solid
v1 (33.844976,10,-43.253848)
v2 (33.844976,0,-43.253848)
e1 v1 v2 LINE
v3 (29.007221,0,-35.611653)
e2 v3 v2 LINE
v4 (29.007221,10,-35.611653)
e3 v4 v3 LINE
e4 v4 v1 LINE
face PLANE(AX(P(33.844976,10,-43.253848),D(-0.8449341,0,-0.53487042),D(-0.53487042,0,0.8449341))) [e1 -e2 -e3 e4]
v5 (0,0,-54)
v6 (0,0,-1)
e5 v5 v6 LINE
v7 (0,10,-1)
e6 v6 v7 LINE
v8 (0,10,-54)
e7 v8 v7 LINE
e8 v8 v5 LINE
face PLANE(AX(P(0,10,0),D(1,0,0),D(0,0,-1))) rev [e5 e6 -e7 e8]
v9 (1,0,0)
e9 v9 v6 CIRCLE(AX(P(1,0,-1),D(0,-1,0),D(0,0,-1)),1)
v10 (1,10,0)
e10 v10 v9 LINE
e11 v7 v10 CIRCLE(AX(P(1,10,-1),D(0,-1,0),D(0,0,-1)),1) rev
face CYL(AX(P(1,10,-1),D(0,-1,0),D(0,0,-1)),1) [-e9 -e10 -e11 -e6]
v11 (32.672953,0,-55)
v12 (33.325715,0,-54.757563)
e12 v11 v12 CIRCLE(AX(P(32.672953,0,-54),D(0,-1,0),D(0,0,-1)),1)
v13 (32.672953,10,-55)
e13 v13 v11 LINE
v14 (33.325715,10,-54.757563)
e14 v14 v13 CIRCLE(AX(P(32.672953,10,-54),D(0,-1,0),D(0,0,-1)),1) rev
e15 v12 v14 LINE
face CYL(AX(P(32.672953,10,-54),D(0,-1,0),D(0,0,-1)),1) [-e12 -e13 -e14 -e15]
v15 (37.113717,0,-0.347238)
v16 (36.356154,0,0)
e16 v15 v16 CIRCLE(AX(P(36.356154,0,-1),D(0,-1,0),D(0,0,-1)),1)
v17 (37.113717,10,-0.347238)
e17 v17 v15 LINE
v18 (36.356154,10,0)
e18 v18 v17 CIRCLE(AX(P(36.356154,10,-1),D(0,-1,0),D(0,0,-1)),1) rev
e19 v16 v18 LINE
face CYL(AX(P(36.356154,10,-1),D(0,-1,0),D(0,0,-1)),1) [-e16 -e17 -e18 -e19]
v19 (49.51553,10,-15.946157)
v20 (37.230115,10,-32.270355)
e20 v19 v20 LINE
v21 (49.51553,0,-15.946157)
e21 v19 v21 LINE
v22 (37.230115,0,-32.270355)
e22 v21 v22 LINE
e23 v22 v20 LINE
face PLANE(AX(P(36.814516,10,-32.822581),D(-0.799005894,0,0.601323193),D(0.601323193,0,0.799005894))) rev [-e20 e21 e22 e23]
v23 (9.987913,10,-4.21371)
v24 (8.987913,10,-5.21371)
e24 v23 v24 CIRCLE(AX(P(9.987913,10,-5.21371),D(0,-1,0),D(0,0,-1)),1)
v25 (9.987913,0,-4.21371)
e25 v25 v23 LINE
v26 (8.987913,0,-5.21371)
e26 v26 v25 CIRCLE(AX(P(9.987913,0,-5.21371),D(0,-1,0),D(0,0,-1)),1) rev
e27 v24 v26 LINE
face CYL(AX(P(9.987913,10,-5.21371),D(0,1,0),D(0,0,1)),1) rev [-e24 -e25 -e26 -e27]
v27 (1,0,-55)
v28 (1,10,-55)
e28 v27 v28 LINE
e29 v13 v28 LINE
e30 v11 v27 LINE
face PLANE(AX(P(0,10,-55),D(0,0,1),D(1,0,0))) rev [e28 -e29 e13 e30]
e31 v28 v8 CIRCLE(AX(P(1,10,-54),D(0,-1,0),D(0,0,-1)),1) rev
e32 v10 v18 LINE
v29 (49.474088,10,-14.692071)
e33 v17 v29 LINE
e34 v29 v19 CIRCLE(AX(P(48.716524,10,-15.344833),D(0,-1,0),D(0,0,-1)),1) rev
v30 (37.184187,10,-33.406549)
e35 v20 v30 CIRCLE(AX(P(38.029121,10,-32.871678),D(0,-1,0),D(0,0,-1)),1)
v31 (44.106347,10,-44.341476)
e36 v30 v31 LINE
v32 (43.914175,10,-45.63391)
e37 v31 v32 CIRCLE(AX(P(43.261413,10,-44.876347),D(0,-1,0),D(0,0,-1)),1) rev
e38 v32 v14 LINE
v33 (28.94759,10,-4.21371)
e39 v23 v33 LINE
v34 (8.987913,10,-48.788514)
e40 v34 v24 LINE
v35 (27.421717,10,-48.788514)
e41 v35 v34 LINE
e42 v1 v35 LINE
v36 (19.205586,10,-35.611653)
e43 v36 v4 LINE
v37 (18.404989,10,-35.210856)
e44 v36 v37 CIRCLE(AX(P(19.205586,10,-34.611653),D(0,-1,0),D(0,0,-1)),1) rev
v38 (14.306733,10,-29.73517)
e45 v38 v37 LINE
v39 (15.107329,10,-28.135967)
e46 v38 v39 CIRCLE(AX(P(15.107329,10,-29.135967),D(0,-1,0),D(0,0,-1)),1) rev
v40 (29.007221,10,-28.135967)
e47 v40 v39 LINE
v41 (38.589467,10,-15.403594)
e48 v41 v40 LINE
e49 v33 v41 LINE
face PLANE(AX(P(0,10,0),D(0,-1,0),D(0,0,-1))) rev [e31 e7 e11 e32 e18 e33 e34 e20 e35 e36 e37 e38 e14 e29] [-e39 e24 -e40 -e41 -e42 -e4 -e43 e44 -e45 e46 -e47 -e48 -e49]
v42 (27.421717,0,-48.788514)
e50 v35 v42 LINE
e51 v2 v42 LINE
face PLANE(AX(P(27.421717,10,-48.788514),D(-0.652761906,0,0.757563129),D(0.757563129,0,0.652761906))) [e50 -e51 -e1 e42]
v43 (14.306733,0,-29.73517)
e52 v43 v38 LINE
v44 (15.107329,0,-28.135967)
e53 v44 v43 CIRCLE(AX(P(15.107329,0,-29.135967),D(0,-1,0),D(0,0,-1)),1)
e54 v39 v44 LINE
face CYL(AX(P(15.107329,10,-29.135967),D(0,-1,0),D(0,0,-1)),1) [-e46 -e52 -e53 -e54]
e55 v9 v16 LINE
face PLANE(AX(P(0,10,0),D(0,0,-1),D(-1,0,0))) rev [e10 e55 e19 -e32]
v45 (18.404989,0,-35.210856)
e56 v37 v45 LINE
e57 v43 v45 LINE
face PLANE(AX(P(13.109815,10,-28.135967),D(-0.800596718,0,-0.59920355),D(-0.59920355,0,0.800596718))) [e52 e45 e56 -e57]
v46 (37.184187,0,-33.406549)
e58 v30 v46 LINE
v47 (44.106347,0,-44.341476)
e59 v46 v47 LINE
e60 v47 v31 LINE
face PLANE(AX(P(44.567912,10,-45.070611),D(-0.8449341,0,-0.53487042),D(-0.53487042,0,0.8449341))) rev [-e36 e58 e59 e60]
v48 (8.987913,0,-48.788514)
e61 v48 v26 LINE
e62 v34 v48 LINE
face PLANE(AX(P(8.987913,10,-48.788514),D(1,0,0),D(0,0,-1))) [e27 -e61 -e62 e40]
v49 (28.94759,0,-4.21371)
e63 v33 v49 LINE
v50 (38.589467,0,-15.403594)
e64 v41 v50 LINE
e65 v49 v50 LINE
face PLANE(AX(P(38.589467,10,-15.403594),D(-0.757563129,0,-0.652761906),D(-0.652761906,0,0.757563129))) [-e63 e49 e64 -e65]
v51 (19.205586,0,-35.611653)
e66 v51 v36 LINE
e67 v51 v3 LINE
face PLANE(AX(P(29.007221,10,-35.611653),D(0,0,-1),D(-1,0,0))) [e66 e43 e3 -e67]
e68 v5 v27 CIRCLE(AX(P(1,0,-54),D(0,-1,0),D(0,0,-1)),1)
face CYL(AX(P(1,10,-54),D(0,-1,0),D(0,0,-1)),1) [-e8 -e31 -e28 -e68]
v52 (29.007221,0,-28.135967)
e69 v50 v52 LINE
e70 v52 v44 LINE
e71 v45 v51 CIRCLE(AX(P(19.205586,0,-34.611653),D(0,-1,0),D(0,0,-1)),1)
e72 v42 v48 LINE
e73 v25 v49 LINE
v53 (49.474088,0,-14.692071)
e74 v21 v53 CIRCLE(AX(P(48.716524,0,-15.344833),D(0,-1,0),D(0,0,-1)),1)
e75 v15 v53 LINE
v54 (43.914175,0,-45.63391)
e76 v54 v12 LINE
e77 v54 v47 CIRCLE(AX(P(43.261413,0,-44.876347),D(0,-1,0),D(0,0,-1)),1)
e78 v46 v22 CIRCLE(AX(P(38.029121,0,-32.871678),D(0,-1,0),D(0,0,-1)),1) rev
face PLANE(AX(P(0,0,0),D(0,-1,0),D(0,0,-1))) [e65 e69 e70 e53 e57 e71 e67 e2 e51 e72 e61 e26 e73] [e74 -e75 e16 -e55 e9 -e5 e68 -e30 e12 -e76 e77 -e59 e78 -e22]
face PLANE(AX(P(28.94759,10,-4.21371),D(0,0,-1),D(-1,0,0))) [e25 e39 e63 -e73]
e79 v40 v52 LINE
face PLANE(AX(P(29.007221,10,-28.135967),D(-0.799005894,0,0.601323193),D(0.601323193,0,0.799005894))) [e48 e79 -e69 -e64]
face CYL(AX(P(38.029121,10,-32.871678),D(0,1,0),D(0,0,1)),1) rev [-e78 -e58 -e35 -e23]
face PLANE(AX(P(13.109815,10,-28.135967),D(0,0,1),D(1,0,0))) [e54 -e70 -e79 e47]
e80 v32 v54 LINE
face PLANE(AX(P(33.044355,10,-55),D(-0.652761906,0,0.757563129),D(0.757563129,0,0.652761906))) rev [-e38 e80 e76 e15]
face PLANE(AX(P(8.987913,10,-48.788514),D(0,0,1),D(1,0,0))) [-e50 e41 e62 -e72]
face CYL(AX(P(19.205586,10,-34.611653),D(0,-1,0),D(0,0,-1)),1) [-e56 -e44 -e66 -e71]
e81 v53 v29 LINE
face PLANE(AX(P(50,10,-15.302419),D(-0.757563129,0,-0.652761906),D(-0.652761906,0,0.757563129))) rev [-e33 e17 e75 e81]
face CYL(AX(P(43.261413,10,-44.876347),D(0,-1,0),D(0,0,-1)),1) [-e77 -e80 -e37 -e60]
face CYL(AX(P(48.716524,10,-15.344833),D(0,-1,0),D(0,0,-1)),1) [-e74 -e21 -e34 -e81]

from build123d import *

# Parameters (mm, degrees)
BOSS_EXTRUDE1_DEPTH = 10
FILLET1_R           = 1


with BuildPart() as part:
    # Sketch1 → Boss-Extrude1 (new body)
    with BuildSketch(Plane(origin=(0, 0, 0), x_dir=(1, 0, 0), z_dir=(0, 1, 0))):
        Polygon((33.044354839, 55), (44.567912368, 45.070610508), (36.814516129, 32.822580645), (50, 15.302419355), (36.814516129, 0), (0, 0), (0, 55), align=None)
        Polygon((8.987912628, 48.788514125), (8.987912628, 4.213709677), (28.947590047, 4.213709677), (38.589466872, 15.403594249), (29.007221014, 28.135966803), (13.109814871, 28.135966803), (18.704963548, 35.611652929), (29.007221014, 35.611652929), (33.844976201, 43.25384845), (27.421717413, 48.788514125), align=None, mode=Mode.SUBTRACT)
    extrude(amount=BOSS_EXTRUDE1_DEPTH)

    # Fillet1
    fillet1_edges = [part.edges().sort_by_distance(p)[0] for p in [
        (0, 5, -55),
        (33.044354839, 5, -55),
        (44.567912368, 5, -45.070610508),
        (36.814516129, 5, -32.822580645),
        (50, 5, -15.302419355),
        (36.814516129, 5, 0),
        (0, 5, 0),
        (8.987912628, 5, -4.213709677),
        (13.109814871, 5, -28.135966803),
        (18.704963548, 5, -35.611652929),
    ]]
    fillet(fillet1_edges, radius=FILLET1_R)


solid = part.part
